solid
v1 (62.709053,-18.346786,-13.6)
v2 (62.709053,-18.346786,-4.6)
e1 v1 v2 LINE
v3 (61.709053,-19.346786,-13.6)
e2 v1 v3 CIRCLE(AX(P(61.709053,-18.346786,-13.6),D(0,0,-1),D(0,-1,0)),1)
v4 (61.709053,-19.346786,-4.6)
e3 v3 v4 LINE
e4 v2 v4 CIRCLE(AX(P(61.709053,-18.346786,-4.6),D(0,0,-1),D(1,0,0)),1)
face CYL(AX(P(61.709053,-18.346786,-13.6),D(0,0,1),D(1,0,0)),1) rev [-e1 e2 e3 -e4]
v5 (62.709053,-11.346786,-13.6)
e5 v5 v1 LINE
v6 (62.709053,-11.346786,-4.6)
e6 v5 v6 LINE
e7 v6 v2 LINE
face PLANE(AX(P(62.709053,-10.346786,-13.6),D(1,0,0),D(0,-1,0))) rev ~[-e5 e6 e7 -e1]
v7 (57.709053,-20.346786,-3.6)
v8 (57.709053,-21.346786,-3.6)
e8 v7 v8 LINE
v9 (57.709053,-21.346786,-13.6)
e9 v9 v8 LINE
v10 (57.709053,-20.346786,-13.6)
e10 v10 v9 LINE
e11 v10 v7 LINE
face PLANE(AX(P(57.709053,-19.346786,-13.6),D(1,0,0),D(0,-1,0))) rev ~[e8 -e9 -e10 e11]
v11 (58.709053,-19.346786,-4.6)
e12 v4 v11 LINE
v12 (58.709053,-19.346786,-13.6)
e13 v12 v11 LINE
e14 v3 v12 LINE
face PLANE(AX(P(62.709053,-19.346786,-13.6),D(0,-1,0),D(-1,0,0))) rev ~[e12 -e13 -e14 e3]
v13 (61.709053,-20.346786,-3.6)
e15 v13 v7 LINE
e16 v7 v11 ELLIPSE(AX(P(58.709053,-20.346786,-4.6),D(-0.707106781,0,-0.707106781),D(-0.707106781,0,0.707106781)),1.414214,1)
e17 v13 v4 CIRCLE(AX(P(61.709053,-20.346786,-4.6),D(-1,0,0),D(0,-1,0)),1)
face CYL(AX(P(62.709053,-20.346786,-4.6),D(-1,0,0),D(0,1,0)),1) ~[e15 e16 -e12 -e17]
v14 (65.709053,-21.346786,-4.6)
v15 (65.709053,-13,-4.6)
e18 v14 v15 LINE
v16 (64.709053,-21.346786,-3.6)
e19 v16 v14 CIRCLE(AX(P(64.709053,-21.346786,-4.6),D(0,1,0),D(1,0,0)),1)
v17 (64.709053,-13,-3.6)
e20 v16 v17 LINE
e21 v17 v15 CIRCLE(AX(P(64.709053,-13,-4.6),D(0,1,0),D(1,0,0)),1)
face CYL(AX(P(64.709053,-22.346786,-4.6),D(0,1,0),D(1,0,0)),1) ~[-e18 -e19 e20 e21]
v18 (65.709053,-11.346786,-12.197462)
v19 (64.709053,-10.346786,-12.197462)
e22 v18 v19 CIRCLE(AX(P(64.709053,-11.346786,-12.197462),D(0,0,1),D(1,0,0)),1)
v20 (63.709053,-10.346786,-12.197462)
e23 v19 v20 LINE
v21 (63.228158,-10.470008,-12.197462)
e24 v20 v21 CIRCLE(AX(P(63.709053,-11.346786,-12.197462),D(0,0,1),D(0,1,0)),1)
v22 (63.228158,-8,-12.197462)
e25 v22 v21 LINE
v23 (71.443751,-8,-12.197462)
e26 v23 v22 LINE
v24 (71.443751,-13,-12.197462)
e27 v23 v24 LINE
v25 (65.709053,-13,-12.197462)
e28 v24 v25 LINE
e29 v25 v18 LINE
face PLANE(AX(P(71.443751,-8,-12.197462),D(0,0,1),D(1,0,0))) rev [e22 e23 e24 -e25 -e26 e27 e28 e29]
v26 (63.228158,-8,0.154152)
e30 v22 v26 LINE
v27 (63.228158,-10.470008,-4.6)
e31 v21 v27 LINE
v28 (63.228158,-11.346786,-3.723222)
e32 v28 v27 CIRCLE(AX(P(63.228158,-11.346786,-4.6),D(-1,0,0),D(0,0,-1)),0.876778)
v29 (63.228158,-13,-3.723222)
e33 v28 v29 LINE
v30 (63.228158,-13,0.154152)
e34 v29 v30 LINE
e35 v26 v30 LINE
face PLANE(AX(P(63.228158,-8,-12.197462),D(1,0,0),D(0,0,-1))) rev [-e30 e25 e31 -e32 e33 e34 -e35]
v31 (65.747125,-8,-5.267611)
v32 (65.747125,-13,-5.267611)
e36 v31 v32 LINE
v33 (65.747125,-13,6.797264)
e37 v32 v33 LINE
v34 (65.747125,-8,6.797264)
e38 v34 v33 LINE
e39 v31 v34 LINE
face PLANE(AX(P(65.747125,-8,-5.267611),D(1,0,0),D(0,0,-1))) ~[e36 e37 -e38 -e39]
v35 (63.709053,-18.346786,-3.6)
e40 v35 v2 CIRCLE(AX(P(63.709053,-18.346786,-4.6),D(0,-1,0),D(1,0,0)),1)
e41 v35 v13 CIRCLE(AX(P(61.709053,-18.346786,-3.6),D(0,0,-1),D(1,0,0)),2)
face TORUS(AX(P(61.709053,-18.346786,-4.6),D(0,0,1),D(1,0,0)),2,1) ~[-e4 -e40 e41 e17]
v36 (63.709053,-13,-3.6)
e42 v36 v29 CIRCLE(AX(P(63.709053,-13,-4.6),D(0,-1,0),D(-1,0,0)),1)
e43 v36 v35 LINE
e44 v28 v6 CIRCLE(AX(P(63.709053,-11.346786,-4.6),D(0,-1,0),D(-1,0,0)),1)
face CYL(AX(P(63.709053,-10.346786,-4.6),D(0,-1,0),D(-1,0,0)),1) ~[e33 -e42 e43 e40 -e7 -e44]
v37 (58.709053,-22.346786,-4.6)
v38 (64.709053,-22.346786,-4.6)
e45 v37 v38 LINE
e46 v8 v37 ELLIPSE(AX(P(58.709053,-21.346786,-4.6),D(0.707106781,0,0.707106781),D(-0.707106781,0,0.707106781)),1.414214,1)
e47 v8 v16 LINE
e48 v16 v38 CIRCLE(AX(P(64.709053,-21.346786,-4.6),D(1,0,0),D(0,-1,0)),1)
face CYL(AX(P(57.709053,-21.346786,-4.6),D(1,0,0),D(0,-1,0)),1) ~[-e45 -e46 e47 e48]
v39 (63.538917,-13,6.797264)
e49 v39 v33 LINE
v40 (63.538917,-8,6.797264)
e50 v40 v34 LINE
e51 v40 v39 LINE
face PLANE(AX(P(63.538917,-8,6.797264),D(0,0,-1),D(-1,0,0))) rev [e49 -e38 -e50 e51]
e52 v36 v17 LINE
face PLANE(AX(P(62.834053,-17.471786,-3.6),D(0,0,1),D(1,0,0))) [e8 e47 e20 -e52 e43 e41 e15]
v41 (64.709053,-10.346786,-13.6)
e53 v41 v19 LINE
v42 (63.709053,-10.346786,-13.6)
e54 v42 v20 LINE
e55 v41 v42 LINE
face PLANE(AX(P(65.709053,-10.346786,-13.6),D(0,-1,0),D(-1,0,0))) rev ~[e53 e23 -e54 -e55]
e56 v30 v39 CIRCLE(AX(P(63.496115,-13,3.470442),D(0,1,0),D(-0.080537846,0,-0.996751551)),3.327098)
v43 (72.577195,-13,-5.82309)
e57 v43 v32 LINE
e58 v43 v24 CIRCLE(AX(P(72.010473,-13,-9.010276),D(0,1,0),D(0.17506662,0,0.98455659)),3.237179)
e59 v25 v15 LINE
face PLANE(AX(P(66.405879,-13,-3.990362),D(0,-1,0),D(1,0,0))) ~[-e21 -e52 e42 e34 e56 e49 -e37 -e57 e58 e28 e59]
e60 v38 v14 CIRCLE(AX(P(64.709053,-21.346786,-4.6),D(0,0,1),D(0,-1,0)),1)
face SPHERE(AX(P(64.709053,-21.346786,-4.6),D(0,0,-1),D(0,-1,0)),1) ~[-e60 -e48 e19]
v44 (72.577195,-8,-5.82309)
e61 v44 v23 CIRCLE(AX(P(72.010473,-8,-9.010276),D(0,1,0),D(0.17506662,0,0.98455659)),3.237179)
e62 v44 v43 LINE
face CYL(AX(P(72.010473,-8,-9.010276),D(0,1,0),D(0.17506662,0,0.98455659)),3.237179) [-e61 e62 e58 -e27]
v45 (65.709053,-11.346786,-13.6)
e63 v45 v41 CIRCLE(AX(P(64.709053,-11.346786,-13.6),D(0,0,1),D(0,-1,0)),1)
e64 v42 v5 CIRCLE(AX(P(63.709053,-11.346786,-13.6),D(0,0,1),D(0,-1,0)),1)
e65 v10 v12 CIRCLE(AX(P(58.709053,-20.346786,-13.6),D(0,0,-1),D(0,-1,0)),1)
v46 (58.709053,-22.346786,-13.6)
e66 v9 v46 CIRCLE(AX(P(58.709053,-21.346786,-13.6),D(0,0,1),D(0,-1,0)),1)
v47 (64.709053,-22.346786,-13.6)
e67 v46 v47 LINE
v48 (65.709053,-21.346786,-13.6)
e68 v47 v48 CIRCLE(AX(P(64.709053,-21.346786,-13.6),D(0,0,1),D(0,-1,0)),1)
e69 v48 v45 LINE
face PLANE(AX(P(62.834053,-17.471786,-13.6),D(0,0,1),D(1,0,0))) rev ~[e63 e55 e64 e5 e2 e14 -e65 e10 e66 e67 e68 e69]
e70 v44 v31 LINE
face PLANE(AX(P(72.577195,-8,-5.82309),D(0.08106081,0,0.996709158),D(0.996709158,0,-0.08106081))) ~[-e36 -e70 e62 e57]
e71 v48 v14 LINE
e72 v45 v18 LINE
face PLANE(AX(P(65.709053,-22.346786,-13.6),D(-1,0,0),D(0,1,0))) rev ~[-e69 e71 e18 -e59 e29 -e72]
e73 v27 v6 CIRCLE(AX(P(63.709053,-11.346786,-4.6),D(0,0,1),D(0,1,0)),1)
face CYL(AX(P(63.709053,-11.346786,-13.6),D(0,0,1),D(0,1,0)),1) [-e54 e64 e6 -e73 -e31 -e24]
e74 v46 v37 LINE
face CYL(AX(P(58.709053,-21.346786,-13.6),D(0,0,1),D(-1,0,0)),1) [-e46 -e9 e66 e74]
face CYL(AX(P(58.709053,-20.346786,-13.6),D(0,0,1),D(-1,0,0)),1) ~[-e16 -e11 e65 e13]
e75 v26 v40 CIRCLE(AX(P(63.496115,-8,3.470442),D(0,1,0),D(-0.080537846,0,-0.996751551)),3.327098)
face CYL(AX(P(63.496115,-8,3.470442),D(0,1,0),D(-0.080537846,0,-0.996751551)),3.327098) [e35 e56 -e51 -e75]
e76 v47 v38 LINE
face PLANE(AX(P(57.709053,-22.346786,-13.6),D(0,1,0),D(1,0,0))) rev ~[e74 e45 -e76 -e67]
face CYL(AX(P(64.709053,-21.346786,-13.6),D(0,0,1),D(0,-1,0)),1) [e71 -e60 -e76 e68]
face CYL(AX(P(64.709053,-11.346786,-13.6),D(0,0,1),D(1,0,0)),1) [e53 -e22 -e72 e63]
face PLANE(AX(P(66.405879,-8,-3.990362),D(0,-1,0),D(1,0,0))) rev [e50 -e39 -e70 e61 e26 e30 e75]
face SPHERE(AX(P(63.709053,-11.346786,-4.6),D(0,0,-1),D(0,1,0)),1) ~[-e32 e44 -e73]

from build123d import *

# Parameters (mm, degrees)
EXTRUDE003_DEPTH                  = 10
FILLET021_R                       = 1
EXTRUDE004_DEPTH                  = 5
PART_MIRRORING006_PLACEMENT_ANGLE = 180


with BuildPart() as fillet021:
    # Sketch005 → Extrude003 (new body)
    with BuildSketch(Plane.XY):
        Polygon((57.709053, -19.346786), (57.709053, -22.346786), (65.709053, -22.346786), (65.709053, -10.346786), (62.709053, -10.346786), (62.709053, -19.346786), align=None)
    extrude(amount=EXTRUDE003_DEPTH)


with BuildPart() as fillet021_1:
    # Extrude003 placement: moved
    add(fillet021.part.moved(Location((0, 0, -14))))

    # Fillet021
    fillet021_edges = [fillet021_1.edges().sort_by_distance(p)[0] for p in [
        (57.709053, -19.346786, -9),
        (57.709053, -22.346786, -9),
        (65.709053, -22.346786, -9),
        (61.709053, -22.346786, -4),
        (65.709053, -10.346786, -9),
        (65.709053, -16.346786, -4),
        (62.709053, -10.346786, -9),
        (64.209053, -10.346786, -4),
        (62.709053, -19.346786, -9),
        (62.709053, -14.846786, -4),
        (60.209053, -19.346786, -4),
    ]]
    fillet(fillet021_edges, radius=FILLET021_R)


with BuildPart() as fillet021_2:
    # Fillet021 placement: moved
    add(fillet021_1.part.moved(Location((0, 0, 0.4))))


with BuildPart() as extrude004:
    # Sketch006 → Extrude004 (new body)
    with BuildSketch(Plane.XZ):
        with BuildLine():
            ThreePointArc((14.771842, 0.154152), (17.827348, 3.62591), (14.461083, 6.797264))
            Line((14.461083, 6.797264), (12.252875, 6.797264))
            Line((12.252875, -5.267611), (12.252875, 6.797264))
            Line((5.422805, -5.82309), (12.252875, -5.267611))
            ThreePointArc((5.422805, -5.82309), (2.802341, -9.576998), (6.556249, -12.197462))
            Line((6.556249, -12.197462), (14.771842, -12.197462))
            Line((14.771842, -12.197462), (14.771842, 0.154152))
        make_face()
    extrude(amount=EXTRUDE004_DEPTH)


with BuildPart() as extrude004_1:
    # Extrude004 placement: moved
    add(extrude004.part.moved(Location((0, -8, 0))))


with BuildPart() as c4holds003:
    # Part__Mirroring006: instance of Extrude004
    add(extrude004_1.part.mirror(Plane(origin=(0, 0, 0), x_dir=(0, 1, 0), z_dir=(0, 0, 1))))


with BuildPart() as c4holds003_1:
    # Part__Mirroring006 placement: moved
    add(c4holds003.part.moved(Location((78, 0, 0))).rotate(Axis((78, 0, 0), (0, 1, 0)), PART_MIRRORING006_PLACEMENT_ANGLE))

    # Fusion041: union Fillet021
    add(fillet021_2.part)


solid = c4holds003_1.part
